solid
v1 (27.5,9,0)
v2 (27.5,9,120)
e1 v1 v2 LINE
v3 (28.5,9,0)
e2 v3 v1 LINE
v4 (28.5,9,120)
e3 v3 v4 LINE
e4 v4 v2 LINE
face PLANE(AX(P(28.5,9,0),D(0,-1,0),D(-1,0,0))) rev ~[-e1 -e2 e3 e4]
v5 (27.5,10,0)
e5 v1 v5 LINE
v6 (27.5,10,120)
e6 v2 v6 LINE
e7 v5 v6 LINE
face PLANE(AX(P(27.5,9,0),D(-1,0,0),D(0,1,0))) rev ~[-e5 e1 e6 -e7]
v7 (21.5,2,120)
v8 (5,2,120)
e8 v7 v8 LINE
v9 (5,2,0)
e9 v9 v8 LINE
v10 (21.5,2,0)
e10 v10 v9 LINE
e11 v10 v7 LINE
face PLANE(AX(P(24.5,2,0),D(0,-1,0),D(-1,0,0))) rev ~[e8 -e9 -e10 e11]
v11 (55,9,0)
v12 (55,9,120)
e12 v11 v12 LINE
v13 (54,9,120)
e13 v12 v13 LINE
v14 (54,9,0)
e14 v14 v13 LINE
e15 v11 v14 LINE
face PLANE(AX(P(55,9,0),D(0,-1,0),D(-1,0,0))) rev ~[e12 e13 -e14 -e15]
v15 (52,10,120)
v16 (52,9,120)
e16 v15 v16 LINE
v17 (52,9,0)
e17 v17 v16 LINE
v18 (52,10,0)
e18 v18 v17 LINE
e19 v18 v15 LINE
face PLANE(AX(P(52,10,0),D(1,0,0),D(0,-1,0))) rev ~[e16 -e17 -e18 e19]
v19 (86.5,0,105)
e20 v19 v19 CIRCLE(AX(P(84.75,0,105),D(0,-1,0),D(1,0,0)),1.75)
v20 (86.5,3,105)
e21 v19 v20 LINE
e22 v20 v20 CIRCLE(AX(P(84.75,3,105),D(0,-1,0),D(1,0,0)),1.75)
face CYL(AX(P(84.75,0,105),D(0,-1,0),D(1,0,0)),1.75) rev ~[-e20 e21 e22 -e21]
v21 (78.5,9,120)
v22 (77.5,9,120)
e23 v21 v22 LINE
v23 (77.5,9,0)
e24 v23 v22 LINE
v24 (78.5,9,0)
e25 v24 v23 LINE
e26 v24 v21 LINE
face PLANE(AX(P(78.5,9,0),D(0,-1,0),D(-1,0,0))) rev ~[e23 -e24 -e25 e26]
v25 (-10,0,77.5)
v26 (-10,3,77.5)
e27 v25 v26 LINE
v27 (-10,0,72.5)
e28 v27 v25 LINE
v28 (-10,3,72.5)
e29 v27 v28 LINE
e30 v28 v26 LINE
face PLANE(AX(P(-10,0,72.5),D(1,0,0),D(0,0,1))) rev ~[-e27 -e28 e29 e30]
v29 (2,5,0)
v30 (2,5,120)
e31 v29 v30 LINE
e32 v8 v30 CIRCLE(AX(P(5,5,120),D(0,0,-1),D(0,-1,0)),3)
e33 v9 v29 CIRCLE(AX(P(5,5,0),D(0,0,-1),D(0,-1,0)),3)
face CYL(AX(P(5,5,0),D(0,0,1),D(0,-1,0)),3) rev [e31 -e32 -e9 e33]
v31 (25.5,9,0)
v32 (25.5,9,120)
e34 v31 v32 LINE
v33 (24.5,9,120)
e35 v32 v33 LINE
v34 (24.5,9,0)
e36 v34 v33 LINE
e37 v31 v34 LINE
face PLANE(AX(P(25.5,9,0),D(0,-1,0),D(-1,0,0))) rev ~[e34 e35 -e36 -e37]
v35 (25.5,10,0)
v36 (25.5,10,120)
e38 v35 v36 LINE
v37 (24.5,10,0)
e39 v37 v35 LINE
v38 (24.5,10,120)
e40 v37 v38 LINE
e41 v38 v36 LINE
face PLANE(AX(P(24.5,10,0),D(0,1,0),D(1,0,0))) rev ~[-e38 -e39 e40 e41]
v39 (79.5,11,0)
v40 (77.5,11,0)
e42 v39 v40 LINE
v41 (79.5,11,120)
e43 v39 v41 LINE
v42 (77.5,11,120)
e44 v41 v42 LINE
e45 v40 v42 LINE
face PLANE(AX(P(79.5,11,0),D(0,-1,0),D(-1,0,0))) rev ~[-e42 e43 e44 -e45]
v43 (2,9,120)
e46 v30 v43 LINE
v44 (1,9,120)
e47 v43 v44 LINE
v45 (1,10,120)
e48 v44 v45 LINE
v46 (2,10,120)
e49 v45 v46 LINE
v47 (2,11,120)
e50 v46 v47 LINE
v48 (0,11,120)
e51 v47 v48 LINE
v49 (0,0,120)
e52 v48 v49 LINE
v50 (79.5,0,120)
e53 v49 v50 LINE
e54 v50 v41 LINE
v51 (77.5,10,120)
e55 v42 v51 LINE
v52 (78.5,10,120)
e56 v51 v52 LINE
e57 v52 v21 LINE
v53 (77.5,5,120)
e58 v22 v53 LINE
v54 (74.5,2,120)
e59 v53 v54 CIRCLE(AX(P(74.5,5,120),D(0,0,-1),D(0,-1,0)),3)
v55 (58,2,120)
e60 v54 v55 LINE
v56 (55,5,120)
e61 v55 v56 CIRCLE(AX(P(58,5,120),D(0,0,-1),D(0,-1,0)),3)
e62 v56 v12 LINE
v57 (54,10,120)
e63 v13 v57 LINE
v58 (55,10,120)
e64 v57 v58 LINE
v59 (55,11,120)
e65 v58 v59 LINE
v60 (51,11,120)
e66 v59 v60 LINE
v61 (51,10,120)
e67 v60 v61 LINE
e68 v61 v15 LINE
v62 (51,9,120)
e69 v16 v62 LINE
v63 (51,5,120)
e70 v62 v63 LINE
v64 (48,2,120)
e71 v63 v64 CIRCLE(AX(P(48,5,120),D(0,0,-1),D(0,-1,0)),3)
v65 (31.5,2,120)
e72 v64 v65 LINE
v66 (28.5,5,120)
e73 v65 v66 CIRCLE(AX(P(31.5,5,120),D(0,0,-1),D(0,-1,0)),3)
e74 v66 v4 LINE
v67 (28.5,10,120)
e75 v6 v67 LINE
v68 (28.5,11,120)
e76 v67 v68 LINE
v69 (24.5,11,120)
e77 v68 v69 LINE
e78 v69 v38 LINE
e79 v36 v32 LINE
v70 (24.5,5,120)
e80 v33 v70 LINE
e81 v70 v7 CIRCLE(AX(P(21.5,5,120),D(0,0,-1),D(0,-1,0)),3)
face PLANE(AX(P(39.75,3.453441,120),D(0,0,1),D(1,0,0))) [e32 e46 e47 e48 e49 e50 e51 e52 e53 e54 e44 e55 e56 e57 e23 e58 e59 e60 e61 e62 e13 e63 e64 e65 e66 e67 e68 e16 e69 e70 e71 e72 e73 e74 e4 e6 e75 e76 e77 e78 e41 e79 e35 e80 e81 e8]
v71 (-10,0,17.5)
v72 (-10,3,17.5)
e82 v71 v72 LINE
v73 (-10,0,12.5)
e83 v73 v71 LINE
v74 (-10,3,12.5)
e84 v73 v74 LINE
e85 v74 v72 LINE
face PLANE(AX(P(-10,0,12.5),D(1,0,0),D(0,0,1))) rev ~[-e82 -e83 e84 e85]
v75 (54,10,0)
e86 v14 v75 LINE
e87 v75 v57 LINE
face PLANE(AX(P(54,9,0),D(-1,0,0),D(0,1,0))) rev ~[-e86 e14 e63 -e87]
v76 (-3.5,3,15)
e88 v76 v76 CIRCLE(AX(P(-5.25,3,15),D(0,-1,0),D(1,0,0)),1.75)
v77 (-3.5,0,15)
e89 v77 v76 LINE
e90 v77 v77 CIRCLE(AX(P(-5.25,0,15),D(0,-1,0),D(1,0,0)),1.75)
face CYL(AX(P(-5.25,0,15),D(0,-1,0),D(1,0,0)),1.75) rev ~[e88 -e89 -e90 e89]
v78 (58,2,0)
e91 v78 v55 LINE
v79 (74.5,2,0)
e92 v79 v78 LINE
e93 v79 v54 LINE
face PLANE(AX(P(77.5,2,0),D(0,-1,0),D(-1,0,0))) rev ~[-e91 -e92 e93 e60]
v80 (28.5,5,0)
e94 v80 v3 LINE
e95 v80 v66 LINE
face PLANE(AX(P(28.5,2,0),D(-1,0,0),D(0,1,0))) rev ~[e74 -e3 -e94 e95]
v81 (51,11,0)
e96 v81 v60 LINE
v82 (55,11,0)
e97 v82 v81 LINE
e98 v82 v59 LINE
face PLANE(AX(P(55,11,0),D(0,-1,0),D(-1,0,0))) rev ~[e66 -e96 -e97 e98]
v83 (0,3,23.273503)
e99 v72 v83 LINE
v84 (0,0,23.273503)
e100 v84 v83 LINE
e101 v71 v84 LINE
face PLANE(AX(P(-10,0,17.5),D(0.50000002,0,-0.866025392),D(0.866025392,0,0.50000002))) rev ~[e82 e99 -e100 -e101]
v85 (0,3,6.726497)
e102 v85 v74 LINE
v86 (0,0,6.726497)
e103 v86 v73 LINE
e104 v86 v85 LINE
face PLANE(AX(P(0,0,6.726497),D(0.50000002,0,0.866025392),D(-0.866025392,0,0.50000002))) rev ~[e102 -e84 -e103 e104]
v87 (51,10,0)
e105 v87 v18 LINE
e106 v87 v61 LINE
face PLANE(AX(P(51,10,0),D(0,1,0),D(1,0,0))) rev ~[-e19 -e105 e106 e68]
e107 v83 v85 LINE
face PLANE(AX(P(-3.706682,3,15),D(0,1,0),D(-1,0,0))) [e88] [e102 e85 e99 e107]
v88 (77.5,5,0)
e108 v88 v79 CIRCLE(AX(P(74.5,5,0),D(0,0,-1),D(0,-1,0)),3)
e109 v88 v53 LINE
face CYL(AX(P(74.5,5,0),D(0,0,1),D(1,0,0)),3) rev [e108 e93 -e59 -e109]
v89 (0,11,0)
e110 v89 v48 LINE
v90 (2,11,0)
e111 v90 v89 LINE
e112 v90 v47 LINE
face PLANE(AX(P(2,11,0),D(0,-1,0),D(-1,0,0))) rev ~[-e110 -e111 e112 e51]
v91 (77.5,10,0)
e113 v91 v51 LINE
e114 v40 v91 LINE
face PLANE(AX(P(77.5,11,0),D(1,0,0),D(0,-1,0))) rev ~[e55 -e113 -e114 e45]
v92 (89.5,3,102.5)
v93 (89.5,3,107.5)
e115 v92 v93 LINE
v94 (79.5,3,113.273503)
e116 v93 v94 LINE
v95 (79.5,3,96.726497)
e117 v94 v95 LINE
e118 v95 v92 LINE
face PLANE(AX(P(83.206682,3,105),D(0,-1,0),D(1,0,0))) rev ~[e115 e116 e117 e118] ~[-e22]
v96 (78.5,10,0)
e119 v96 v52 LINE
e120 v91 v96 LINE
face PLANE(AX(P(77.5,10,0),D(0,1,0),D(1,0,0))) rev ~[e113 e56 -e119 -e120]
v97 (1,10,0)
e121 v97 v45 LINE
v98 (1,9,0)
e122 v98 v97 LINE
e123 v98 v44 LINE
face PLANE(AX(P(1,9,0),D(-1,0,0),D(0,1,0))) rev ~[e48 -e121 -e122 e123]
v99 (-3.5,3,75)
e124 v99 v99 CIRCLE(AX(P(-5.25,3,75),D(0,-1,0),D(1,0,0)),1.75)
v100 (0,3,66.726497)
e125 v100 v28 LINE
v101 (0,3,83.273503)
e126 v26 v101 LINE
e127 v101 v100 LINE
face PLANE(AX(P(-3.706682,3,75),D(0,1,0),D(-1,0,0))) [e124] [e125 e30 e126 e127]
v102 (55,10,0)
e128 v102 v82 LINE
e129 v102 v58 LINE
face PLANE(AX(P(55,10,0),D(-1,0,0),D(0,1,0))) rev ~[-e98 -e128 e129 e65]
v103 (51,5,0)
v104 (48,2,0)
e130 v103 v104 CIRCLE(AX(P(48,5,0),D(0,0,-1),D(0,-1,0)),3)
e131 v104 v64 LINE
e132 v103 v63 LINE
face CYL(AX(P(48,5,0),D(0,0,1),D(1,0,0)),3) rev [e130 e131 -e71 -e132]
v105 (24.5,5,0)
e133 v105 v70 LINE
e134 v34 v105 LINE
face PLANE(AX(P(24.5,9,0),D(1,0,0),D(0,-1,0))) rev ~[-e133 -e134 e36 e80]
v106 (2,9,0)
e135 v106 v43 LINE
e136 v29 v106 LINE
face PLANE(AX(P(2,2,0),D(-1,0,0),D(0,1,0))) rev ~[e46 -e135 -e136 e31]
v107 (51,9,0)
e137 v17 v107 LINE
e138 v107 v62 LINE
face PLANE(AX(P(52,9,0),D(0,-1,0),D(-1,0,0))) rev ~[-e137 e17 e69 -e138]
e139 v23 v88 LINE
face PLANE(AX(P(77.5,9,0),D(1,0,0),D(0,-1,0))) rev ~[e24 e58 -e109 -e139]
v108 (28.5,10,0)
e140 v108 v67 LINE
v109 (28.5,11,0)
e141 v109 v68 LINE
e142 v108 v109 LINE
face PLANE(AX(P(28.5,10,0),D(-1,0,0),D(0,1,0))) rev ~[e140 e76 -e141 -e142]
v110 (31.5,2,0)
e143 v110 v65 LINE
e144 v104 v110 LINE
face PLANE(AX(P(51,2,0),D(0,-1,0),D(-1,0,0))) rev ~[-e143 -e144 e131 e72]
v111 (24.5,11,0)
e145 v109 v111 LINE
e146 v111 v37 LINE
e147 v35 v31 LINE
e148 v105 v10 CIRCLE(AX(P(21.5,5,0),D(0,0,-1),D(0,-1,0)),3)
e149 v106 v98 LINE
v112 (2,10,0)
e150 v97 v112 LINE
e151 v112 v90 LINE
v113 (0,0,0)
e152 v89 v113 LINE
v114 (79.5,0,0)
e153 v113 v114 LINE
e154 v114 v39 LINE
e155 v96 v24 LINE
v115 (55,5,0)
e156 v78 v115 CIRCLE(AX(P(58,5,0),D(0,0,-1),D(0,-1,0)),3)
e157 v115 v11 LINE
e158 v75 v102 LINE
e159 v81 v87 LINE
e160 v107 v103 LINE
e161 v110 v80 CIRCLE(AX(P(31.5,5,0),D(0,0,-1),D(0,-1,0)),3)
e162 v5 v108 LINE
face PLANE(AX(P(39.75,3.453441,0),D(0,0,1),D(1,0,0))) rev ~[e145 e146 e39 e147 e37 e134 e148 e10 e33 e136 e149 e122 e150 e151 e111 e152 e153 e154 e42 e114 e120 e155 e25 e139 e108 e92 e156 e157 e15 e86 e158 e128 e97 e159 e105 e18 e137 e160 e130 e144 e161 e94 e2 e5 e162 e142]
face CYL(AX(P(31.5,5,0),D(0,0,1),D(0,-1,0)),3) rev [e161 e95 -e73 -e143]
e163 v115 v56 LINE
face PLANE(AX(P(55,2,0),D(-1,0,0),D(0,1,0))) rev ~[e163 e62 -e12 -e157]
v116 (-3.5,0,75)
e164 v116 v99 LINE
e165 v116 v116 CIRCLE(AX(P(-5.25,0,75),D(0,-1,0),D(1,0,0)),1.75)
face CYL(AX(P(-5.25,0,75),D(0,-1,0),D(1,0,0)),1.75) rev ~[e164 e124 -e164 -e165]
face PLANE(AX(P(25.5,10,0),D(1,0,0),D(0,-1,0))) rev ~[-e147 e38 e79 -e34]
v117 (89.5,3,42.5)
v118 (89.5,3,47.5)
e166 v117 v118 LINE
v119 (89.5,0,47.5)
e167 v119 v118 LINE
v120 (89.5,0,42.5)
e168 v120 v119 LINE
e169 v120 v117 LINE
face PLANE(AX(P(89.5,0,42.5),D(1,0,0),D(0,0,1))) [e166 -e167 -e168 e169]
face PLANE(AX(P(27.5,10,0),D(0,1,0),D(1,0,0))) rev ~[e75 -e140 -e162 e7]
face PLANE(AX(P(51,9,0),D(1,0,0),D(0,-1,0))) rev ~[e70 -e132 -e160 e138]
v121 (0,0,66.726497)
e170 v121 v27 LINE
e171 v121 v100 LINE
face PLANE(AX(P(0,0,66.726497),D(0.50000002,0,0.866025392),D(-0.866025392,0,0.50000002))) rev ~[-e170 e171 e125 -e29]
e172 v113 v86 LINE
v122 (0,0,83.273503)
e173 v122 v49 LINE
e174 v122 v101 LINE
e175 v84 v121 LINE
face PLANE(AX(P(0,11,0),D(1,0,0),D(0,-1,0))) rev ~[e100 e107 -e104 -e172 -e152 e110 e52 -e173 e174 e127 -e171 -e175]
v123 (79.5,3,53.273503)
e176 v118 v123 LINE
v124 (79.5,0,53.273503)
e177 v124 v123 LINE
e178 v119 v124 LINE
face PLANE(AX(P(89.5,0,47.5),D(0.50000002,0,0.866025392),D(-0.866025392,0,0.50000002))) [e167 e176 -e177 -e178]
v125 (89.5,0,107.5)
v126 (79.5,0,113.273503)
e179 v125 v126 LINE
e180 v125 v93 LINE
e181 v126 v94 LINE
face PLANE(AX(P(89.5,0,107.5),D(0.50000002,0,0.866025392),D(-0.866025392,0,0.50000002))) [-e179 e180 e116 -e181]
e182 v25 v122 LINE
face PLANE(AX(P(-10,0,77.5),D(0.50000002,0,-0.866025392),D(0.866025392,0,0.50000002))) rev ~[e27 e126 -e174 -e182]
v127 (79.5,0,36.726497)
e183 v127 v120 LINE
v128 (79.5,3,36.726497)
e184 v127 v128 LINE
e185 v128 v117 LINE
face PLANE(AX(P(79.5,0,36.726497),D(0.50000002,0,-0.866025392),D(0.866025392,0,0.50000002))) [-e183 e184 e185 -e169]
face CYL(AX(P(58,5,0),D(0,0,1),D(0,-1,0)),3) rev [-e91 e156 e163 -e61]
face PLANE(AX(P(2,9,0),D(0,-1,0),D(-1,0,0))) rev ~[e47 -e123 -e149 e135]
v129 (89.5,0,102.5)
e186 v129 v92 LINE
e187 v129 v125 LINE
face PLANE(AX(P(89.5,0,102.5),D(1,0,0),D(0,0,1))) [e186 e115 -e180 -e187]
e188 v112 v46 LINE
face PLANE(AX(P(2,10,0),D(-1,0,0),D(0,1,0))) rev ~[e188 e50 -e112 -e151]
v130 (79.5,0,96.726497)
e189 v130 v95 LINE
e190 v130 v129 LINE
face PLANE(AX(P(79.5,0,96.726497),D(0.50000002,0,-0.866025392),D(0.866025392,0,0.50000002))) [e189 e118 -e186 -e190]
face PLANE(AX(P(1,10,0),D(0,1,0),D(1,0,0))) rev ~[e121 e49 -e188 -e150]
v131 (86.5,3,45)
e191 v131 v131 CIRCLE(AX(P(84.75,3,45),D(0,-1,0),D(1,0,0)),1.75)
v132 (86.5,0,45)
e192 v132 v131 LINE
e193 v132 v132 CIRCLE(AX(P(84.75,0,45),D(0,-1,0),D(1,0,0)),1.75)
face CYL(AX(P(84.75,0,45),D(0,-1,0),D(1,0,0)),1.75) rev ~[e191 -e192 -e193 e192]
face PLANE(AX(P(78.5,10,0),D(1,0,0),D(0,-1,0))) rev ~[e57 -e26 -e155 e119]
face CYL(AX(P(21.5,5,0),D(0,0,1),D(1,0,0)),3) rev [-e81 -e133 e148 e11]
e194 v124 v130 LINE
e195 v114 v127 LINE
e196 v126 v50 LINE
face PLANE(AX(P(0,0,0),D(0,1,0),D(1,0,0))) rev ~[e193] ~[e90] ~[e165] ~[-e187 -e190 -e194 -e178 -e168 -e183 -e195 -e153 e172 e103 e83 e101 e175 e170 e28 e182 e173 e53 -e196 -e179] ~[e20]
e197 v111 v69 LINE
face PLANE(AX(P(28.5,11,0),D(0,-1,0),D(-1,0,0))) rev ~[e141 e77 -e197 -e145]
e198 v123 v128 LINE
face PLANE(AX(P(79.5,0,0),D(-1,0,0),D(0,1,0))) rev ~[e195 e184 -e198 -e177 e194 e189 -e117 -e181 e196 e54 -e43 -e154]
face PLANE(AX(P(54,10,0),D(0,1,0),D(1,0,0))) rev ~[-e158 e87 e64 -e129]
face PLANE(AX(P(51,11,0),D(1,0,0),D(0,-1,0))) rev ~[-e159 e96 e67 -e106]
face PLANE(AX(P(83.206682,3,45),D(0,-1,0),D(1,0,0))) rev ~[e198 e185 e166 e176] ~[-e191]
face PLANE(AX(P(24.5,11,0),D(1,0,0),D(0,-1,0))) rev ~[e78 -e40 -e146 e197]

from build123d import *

# Parameters (mm, degrees)
PAD_DEPTH    = 120
SKETCH001_R  = 1.75
PAD001_DEPTH = 3
FILLET_R     = 3


with BuildPart() as part:
    # Sketch → Pad (new body)
    with BuildSketch(Plane.XY):
        Polygon((0, 0), (79.5, 0), (79.5, 11), (77.5, 11), (77.5, 10), (78.5, 10), (78.5, 9), (77.5, 9), (77.5, 2), (55, 2), (55, 9), (54, 9), (54, 10), (55, 10), (55, 11), (51, 11), (51, 10), (52, 10), (52, 9), (51, 9), (51, 2), (28.5, 2), (28.5, 9), (27.5, 9), (27.5, 10), (28.5, 10), (28.5, 11), (24.5, 11), (24.5, 10), (25.5, 10), (25.5, 9), (24.5, 9), (24.5, 2), (2, 2), (2, 9), (1, 9), (1, 10), (2, 10), (2, 11), (0, 11), align=None)
    extrude(amount=PAD_DEPTH)

    # Sketch001 → Pad001 (join)
    with BuildSketch(Plane.XZ):
        Polygon((0, 6.726497), (-10, 12.5), (-10, 17.5), (0, 23.273503), align=None)
        with Locations((-5.25, 15)):
            Circle(SKETCH001_R, mode=Mode.SUBTRACT)
        Polygon((0, 66.726497), (-10, 72.5), (-10, 77.5), (0, 83.273503), align=None)
        with Locations((-5.25, 75)):
            Circle(SKETCH001_R, mode=Mode.SUBTRACT)
        Polygon((79.5, 36.726497), (89.5, 42.5), (89.5, 47.5), (79.5, 53.273503), align=None)
        with Locations((84.75, 45)):
            Circle(SKETCH001_R, mode=Mode.SUBTRACT)
        Polygon((79.5, 96.726497), (89.5, 102.5), (89.5, 107.5), (79.5, 113.273503), align=None)
        with Locations((84.75, 105)):
            Circle(SKETCH001_R, mode=Mode.SUBTRACT)
    extrude(amount=-PAD001_DEPTH)

    # Fillet
    fillet_edges = [part.edges().sort_by_distance(p)[0] for p in [
        (2, 2, 60),
        (28.5, 2, 60),
        (55, 2, 60),
        (24.5, 2, 60),
        (51, 2, 60),
        (77.5, 2, 60),
    ]]
    fillet(fillet_edges, radius=FILLET_R)


solid = part.part
